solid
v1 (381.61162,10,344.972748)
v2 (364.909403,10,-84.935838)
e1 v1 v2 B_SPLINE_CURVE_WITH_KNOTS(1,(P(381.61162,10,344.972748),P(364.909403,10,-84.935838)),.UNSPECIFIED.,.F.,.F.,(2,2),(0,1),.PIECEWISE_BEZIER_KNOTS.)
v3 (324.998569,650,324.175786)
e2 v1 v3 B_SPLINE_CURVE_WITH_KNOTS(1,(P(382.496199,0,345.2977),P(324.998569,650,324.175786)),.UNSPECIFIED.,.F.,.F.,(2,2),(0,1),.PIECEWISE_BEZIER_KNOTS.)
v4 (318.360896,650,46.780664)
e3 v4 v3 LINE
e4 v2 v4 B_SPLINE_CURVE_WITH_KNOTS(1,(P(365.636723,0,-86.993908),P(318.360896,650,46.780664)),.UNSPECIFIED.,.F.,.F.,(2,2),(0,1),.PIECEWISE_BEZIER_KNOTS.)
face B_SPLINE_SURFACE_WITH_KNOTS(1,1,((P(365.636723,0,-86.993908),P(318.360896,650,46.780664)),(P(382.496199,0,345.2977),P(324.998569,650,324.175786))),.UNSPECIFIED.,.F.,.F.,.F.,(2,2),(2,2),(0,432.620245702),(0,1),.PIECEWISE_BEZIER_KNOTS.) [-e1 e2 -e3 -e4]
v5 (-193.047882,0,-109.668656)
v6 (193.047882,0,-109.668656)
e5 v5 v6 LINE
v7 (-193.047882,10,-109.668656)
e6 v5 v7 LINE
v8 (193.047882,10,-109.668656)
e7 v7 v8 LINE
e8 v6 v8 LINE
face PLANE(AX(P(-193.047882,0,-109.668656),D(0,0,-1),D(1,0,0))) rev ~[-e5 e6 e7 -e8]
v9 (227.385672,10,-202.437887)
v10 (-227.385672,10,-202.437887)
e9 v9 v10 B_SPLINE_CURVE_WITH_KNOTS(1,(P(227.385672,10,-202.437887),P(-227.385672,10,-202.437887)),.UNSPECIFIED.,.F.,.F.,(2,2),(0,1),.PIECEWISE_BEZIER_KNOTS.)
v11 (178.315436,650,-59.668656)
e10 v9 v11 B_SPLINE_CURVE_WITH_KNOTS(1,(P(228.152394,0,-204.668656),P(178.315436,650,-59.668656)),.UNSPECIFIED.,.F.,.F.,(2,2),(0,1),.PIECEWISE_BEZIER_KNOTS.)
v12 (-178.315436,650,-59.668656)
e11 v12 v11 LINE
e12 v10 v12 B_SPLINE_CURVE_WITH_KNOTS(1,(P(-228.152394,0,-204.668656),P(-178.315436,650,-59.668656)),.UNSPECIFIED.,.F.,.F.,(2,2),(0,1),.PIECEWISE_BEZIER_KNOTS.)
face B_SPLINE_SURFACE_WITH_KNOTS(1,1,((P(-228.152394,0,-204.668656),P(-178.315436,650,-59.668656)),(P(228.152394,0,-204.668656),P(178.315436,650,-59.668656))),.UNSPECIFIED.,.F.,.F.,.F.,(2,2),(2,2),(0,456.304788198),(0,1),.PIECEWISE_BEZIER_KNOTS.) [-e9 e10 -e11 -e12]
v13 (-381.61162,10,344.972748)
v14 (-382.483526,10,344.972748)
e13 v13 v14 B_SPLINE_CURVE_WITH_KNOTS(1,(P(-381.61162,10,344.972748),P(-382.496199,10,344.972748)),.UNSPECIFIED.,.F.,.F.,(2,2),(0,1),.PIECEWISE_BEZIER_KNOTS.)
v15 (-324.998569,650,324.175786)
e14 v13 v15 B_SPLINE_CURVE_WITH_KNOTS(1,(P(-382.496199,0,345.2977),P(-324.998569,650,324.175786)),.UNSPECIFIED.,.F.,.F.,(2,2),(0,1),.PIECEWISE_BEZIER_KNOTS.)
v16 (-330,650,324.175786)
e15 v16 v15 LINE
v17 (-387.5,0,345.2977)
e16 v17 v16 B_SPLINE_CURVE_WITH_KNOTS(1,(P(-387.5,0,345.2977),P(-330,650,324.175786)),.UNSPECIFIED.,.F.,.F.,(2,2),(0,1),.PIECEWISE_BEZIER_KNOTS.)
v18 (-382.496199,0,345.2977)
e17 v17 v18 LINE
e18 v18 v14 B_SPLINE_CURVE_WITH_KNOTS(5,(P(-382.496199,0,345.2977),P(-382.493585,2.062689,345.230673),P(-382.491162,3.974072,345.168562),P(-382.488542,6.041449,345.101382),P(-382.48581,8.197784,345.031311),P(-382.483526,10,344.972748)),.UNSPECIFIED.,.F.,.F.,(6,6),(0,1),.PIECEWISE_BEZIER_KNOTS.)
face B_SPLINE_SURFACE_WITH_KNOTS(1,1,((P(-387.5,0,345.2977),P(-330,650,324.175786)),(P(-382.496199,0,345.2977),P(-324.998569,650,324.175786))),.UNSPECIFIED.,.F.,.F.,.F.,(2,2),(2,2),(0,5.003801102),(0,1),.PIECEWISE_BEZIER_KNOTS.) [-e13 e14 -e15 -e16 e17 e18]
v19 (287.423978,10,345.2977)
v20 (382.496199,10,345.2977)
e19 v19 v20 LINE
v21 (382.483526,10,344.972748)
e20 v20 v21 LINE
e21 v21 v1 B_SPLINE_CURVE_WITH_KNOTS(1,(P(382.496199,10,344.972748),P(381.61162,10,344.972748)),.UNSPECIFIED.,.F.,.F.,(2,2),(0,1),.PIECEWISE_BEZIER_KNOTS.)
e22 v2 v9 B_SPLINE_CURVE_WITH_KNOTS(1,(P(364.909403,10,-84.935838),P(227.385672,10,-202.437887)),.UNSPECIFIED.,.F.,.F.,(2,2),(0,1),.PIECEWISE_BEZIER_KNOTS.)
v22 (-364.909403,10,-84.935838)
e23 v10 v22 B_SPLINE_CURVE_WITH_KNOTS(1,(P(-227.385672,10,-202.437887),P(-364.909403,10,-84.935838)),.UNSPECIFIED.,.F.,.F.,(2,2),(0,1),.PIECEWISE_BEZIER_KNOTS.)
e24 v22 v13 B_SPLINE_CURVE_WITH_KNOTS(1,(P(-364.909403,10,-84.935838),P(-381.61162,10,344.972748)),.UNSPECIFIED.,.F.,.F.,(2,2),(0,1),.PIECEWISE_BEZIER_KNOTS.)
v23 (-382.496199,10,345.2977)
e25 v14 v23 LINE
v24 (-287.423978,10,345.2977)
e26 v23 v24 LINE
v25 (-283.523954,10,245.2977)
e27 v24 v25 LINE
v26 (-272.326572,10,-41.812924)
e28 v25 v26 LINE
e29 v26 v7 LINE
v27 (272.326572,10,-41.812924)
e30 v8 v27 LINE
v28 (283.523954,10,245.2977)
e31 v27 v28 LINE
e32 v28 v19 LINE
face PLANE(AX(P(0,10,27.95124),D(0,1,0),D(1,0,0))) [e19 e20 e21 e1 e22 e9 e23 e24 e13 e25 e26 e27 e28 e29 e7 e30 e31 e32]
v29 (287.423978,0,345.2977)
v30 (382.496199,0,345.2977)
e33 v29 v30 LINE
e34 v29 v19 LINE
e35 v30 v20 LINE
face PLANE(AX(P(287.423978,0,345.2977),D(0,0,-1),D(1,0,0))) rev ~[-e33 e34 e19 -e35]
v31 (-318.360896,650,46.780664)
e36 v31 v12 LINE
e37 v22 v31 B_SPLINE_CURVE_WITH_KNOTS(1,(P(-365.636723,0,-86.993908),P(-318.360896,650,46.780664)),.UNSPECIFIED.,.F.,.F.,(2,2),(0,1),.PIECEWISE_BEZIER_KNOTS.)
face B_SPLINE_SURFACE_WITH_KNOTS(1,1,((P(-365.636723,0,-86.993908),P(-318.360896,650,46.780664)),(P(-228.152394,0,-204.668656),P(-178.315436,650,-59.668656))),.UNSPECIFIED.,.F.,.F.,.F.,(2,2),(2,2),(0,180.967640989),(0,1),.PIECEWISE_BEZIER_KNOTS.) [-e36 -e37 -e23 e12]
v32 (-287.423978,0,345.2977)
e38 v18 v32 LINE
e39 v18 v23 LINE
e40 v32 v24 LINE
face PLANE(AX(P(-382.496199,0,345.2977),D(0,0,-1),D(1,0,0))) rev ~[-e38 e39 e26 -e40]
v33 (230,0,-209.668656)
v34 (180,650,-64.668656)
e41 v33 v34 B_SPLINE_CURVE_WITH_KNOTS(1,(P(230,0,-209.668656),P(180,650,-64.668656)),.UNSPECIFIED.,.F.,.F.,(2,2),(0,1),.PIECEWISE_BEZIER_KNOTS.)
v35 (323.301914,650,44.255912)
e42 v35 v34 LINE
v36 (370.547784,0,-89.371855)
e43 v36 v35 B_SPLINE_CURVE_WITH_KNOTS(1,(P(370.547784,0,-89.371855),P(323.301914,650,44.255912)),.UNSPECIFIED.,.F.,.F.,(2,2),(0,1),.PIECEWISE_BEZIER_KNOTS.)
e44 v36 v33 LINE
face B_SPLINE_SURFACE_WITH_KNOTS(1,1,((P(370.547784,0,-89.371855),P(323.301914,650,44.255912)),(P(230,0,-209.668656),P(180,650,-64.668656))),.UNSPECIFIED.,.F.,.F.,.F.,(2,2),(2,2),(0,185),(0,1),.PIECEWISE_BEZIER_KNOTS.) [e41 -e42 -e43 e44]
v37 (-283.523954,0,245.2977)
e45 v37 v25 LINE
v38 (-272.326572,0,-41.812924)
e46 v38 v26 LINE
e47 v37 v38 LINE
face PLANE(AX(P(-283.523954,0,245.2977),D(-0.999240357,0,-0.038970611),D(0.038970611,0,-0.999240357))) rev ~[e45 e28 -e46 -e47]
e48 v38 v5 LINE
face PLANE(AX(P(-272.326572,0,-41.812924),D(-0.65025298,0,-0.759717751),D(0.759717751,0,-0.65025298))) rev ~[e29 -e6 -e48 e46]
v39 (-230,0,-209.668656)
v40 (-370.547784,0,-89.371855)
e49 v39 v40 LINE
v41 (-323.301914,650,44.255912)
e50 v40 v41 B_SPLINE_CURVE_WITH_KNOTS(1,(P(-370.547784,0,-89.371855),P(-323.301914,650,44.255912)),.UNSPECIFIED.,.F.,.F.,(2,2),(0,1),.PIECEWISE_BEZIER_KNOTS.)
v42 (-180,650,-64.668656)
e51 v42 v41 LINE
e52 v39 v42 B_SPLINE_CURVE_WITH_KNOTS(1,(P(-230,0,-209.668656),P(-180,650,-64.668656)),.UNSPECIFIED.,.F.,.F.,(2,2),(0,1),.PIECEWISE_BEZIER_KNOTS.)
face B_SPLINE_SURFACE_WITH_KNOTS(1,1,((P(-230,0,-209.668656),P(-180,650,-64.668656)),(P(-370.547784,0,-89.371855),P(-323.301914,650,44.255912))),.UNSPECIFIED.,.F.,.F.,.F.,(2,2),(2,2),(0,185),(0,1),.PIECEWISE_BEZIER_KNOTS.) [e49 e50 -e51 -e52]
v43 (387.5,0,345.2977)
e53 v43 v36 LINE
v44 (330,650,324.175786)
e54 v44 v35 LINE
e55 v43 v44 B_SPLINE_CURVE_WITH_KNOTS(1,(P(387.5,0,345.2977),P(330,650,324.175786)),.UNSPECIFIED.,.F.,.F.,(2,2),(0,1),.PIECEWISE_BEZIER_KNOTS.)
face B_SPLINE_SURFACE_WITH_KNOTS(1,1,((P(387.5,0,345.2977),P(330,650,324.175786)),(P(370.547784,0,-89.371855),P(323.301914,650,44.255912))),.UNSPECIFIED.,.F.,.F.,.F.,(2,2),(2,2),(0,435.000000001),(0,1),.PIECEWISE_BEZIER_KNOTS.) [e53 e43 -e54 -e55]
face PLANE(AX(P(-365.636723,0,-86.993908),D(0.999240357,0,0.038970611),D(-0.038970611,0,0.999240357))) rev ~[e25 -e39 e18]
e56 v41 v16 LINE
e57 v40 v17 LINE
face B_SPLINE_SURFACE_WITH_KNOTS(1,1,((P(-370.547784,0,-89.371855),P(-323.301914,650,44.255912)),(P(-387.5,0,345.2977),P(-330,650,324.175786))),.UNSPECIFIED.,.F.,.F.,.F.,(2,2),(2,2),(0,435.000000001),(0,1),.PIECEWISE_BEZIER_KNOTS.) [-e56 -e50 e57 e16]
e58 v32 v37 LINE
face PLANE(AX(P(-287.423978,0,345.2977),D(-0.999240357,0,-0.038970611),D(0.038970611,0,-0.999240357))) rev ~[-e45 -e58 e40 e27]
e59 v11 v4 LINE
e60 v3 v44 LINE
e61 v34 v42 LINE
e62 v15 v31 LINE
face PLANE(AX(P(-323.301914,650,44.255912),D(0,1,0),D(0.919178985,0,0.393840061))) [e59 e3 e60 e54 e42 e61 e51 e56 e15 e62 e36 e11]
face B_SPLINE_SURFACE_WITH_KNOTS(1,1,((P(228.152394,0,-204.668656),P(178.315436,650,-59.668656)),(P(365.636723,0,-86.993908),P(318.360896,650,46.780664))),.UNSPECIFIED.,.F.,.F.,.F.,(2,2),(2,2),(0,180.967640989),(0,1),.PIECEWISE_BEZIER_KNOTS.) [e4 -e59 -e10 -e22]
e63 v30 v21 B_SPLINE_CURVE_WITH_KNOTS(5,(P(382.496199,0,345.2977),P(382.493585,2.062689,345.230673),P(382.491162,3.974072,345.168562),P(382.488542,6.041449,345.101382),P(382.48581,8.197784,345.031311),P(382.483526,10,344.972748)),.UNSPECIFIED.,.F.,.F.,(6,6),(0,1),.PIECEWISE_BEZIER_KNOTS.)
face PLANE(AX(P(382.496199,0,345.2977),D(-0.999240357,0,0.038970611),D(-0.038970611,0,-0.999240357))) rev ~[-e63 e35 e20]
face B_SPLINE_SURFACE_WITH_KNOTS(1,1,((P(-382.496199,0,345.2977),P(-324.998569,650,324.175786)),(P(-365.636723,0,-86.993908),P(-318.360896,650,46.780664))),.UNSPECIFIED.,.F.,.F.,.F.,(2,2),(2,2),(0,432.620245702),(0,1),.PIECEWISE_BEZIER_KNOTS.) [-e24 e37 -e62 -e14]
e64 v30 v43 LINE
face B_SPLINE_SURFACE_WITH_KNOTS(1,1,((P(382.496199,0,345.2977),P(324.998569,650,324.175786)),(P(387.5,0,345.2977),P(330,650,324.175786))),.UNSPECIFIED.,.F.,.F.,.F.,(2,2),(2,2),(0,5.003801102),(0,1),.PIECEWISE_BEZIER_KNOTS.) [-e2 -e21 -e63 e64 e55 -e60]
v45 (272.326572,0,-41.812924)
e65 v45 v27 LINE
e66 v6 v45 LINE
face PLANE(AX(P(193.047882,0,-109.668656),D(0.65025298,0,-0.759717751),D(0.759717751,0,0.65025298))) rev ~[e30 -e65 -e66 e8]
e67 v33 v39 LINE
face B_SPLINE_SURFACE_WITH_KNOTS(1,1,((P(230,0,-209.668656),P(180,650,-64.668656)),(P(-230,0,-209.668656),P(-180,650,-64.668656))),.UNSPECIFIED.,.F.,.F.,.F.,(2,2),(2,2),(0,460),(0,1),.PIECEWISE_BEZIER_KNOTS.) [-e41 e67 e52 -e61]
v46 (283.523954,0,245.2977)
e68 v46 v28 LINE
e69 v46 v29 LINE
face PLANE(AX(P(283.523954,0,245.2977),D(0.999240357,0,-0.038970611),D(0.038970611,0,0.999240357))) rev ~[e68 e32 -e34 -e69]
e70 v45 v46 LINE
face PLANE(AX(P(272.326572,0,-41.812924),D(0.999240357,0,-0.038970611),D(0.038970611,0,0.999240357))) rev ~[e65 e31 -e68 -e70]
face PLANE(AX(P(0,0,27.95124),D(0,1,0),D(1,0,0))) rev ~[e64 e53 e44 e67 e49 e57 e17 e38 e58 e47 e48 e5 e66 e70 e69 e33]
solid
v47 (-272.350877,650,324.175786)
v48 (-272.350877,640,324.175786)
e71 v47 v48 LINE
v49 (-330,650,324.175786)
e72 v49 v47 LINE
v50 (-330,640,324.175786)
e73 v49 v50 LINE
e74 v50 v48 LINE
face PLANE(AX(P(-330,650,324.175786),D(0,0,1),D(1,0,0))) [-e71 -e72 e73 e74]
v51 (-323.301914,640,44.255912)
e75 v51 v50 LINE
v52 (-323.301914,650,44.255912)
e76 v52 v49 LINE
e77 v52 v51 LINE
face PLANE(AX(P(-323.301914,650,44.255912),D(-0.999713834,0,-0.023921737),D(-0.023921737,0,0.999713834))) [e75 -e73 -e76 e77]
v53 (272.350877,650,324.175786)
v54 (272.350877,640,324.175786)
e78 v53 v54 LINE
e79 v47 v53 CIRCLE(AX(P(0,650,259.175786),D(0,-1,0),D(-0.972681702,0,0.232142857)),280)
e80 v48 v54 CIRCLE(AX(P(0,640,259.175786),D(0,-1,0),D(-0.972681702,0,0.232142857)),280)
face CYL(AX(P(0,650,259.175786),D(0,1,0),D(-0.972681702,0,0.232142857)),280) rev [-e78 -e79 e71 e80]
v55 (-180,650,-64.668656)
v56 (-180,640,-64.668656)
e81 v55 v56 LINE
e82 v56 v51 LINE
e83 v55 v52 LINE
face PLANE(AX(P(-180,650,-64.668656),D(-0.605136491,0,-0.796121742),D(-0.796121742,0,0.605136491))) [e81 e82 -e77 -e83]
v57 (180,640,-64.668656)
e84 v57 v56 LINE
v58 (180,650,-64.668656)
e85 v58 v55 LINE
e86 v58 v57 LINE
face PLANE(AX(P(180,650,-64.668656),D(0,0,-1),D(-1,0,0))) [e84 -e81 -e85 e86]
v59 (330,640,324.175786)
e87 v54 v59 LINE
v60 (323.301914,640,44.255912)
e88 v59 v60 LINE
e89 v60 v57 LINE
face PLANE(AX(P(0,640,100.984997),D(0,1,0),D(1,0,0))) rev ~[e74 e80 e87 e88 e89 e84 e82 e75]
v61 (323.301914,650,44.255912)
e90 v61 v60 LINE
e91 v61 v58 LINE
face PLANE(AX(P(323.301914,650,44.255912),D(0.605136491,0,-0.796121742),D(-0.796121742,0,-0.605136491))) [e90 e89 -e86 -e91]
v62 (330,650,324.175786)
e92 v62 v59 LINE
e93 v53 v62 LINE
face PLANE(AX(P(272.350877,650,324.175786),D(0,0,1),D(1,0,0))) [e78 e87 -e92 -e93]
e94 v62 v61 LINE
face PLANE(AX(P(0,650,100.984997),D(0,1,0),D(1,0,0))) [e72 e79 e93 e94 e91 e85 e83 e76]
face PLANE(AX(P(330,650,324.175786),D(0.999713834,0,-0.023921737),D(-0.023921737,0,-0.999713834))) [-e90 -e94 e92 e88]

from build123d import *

# Parameters (mm, degrees)
BOSS_EXTRUDE1_DEPTH = 10
BOSS_EXTRUDE2_DEPTH = 10


with BuildPart() as part:
    # Sketch1 → Loft1 section 0
    with BuildSketch(Plane(origin=(0, 0, 0), x_dir=(1, 0, 0), z_dir=(0, 1, 0))):
        with BuildLine():
            Line((-370.547784, 89.371854891), (-387.5, -345.297700488))
            Line((-387.5, -345.297700488), (-382.496198898, -345.297700488))
            Line((-382.496198898, -345.297700488), (-365.636723379, 86.993908355))
            Line((-365.636723379, 86.993908355), (-228.152394099, 204.668656231))
            Line((-228.152394099, 204.668656231), (228.152394099, 204.668656231))
            Line((228.152394099, 204.668656231), (365.636723379, 86.993908355))
            Line((365.636723379, 86.993908355), (382.496198898, -345.297700488))
            Line((382.496198898, -345.297700488), (387.5, -345.297700488))
            Line((387.5, -345.297700488), (370.547784, 89.371854891))
            Line((370.547784, 89.371854891), (230, 209.668656231))
            Line((230, 209.668656231), (-230, 209.668656231))
            Line((-230, 209.668656231), (-370.547784, 89.371854891))
        make_face()
    # Sketch2 → Loft1 section 1
    with BuildSketch(Plane(origin=(0, 650, 0), x_dir=(1, 0, 0), z_dir=(0, 1, 0))):
        with BuildLine():
            Line((-323.301913526, -44.255912071), (-330, -324.175785674))
            Line((-330, -324.175785674), (-324.998568762, -324.175785674))
            Line((-324.998568762, -324.175785674), (-318.360896032, -46.780664139))
            Line((-318.360896032, -46.780664139), (-178.315435762, 59.668656231))
            Line((-178.315435762, 59.668656231), (178.315435762, 59.668656231))
            Line((178.315435762, 59.668656231), (318.360896032, -46.780664139))
            Line((318.360896032, -46.780664139), (324.998568762, -324.175785674))
            Line((324.998568762, -324.175785674), (330, -324.175785674))
            Line((330, -324.175785674), (323.301913526, -44.255912071))
            Line((323.301913526, -44.255912071), (180, 64.668656231))
            Line((180, 64.668656231), (-180, 64.668656231))
            Line((-180, 64.668656231), (-323.301913526, -44.255912071))
        make_face()
    loft()

    # Sketch1<51> → Boss-Extrude1 (add)
    with BuildSketch(Plane(origin=(0, 0, 0), x_dir=(1, 0, 0), z_dir=(0, 1, 0))):
        Polygon((-365.636723379, 86.993908355), (-382.496198898, -345.297700488), (-287.42397797, -345.297700488), (-283.523954195, -245.297700488), (-272.326571574, 41.812924175), (-193.047881985, 109.668656231), (193.047881985, 109.668656231), (272.326571574, 41.812924175), (283.523954195, -245.297700488), (287.42397797, -345.297700488), (382.496198898, -345.297700488), (365.636723379, 86.993908355), (228.152394099, 204.668656231), (-228.152394099, 204.668656231), align=None)
    extrude(amount=BOSS_EXTRUDE1_DEPTH)


with BuildPart() as body_2:
    # Sketch2<31> → Boss-Extrude2 (new body)
    with BuildSketch(Plane(origin=(0, 650, 0), x_dir=(1, 0, 0), z_dir=(0, 1, 0))):
        with BuildLine():
            Line((-318.360896032, -46.780664139), (-324.998568762, -324.175785674))
            Line((-324.998568762, -324.175785674), (-272.350876628, -324.175785674))
            ThreePointArc((-272.350876628, -324.175785674), (0, 20.824214326), (272.350876628, -324.175785674))
            Line((272.350876628, -324.175785674), (324.998568762, -324.175785674))
            Line((324.998568762, -324.175785674), (318.360896032, -46.780664139))
            Line((318.360896032, -46.780664139), (178.315435762, 59.668656231))
            Line((178.315435762, 59.668656231), (-178.315435762, 59.668656231))
            Line((-178.315435762, 59.668656231), (-318.360896032, -46.780664139))
        make_face()
        Polygon((-323.301913526, -44.255912071), (-330, -324.175785674), (-324.998568762, -324.175785674), (-318.360896032, -46.780664139), (-178.315435762, 59.668656231), (178.315435762, 59.668656231), (318.360896032, -46.780664139), (324.998568762, -324.175785674), (330, -324.175785674), (323.301913526, -44.255912071), (180, 64.668656231), (-180, 64.668656231), align=None)
    extrude(amount=-BOSS_EXTRUDE2_DEPTH)


solid = Compound([part.part, body_2.part])
